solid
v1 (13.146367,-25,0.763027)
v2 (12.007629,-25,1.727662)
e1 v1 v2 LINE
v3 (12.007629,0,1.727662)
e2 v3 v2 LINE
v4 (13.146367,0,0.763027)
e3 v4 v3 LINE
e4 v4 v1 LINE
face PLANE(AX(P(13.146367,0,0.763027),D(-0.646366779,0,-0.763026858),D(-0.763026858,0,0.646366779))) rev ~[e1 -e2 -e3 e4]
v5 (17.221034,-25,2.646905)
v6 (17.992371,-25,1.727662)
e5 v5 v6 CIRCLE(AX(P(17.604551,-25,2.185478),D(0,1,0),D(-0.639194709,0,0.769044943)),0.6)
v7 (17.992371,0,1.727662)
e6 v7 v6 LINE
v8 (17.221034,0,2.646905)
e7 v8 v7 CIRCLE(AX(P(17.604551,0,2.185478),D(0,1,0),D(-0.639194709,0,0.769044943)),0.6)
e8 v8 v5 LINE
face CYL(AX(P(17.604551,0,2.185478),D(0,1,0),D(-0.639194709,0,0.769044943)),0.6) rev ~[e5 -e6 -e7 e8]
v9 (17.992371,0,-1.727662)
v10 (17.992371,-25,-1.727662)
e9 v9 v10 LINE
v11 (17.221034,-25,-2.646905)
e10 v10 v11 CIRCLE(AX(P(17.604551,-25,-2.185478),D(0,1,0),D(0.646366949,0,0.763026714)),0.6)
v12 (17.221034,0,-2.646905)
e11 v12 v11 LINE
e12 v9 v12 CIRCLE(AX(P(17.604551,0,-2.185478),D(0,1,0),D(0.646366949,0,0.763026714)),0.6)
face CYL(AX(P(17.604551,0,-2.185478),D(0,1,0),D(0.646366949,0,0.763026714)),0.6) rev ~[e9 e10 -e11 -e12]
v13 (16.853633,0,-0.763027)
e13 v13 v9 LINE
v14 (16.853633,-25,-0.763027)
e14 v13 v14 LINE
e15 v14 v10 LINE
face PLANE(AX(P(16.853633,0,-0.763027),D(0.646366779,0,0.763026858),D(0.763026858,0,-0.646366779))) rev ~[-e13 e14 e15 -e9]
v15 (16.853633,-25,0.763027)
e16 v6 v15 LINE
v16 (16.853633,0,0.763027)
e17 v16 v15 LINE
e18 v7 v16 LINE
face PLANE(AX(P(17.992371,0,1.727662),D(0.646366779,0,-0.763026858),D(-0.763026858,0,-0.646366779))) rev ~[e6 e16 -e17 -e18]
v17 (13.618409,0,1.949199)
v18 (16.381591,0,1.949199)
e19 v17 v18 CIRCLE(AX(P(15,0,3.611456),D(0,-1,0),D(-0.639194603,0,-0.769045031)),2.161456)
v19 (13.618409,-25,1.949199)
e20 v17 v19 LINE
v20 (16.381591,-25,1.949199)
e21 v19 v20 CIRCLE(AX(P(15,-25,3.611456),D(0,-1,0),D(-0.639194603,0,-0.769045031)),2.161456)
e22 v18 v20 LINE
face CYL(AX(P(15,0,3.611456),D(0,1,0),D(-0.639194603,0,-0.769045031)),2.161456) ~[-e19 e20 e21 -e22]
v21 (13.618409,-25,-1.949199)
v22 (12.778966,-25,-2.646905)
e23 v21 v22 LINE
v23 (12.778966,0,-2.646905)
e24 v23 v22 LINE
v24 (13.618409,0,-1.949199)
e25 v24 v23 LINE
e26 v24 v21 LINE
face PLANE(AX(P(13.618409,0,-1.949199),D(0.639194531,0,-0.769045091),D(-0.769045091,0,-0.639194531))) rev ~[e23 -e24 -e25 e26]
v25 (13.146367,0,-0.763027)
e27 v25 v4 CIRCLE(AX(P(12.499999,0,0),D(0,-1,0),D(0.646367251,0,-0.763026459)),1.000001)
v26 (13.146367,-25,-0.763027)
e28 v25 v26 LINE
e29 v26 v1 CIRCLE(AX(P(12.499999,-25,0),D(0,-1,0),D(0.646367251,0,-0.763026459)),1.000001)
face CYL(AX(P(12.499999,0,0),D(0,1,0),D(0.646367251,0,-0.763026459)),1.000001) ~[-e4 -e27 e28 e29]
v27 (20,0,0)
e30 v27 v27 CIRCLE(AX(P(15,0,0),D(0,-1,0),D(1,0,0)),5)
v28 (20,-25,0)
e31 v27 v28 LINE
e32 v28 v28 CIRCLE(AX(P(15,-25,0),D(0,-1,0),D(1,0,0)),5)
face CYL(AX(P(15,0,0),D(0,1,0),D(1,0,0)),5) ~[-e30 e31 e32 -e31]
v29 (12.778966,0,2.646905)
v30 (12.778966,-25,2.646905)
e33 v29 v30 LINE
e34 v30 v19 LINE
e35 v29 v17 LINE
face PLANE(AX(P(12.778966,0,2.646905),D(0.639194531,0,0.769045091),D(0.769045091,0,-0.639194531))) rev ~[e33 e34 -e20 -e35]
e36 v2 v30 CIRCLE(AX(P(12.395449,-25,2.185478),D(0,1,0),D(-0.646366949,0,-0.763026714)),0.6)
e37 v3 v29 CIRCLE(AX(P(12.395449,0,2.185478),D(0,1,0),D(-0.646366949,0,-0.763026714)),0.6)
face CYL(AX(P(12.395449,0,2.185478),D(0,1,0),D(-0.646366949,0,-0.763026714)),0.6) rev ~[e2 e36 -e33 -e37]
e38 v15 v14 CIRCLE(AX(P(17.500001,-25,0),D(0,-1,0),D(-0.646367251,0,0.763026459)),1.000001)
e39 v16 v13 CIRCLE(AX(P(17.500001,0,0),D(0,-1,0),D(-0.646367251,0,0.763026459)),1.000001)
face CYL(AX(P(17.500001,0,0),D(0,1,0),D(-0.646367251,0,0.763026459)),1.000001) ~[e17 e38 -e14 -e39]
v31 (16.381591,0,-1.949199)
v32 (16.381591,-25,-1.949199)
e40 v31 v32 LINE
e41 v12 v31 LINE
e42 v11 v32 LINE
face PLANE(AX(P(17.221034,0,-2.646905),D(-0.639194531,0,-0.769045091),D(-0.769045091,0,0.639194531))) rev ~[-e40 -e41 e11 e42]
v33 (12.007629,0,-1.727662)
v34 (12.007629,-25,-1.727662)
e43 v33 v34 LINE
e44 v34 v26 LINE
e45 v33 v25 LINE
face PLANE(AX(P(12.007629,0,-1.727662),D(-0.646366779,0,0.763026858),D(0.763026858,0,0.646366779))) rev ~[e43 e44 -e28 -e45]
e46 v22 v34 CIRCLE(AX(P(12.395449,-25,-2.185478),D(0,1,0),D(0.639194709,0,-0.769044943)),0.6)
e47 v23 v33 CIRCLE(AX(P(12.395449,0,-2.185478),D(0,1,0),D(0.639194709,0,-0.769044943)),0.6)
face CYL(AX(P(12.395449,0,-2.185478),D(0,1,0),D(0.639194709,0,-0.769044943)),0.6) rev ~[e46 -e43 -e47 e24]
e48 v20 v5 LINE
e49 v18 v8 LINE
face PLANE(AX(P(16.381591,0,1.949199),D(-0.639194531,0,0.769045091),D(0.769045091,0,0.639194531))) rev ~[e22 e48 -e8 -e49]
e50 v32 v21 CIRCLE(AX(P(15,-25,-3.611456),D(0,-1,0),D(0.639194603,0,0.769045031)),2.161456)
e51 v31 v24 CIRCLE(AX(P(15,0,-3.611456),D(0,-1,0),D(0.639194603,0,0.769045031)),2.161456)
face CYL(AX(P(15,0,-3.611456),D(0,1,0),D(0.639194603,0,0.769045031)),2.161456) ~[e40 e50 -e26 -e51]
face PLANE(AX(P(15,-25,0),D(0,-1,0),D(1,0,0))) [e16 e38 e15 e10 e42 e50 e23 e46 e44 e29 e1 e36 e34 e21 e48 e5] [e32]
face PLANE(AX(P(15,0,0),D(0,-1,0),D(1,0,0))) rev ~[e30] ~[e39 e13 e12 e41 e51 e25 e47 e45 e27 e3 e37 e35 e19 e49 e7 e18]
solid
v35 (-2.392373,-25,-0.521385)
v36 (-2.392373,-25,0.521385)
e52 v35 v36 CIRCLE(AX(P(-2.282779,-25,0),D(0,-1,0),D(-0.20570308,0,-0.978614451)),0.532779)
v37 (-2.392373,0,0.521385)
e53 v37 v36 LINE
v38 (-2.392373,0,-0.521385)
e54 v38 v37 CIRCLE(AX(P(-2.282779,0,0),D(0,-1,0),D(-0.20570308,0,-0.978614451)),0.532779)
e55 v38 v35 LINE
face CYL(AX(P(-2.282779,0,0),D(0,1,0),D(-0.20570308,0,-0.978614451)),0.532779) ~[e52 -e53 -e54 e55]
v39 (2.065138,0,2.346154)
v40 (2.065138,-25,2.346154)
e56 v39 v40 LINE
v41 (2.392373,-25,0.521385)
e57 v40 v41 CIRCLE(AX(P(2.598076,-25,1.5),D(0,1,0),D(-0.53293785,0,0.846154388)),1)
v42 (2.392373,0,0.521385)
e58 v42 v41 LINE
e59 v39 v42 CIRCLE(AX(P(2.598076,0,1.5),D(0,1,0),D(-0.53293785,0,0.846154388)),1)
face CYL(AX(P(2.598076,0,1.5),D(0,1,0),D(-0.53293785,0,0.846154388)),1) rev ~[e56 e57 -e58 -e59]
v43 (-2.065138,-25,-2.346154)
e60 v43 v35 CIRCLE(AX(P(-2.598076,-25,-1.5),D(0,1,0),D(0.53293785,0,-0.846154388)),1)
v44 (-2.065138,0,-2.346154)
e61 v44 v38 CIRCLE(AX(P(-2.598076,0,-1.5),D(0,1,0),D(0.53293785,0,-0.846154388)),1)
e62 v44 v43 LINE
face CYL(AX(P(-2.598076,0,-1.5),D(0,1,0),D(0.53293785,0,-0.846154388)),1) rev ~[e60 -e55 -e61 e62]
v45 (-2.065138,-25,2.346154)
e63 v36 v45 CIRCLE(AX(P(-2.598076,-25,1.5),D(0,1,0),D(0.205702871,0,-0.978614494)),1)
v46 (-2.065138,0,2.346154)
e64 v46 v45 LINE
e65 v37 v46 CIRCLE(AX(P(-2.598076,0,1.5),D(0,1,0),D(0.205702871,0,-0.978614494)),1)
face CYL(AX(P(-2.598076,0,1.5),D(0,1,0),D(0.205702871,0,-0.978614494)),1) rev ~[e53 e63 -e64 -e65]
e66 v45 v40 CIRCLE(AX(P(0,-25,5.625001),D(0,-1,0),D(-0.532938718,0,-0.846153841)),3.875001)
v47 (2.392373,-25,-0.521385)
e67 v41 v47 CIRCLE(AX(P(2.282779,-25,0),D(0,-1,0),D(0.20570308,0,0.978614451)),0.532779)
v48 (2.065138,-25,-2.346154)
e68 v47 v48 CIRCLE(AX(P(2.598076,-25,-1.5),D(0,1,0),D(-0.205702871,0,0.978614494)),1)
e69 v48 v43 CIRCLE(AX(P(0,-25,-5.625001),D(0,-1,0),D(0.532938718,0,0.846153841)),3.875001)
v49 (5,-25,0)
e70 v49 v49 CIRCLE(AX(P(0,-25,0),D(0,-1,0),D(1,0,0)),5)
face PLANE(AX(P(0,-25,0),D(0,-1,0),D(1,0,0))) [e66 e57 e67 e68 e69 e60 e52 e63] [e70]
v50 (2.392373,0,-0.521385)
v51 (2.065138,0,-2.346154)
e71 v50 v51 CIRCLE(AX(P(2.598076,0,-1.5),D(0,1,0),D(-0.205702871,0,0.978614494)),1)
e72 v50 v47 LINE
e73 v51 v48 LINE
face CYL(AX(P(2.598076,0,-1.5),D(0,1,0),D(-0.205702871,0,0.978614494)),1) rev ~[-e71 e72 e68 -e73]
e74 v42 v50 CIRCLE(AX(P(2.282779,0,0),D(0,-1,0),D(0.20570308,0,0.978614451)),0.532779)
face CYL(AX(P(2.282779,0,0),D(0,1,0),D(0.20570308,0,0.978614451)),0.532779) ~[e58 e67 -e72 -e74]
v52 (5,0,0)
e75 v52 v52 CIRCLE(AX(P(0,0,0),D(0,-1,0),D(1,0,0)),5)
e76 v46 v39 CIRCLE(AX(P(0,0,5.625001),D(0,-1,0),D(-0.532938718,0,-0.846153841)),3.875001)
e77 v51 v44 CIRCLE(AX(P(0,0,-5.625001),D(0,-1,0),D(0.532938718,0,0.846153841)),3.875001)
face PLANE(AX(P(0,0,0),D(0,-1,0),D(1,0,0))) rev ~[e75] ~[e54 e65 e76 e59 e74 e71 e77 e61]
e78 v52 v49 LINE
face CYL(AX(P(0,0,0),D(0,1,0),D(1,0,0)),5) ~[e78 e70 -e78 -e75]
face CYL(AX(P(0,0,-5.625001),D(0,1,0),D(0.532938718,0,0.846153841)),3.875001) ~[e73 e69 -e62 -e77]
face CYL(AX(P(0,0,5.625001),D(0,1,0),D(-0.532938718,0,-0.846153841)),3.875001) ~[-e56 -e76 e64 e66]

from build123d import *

# Parameters (mm, degrees)
F0_R     = 5
F1_DEPTH = 25


with BuildPart() as f1:
    # F0 (on Front) → F1 (new body)
    with BuildSketch(Plane.XZ):
        Circle(F0_R)
        with BuildLine():
            ThreePointArc((2.065138, 2.346154), (3.582374, 1.676514), (2.392373, 0.521385))
            ThreePointArc((2.392373, 0.521385), (1.75, 0), (2.392373, -0.521385))
            ThreePointArc((2.392373, -0.521385), (3.582374, -1.676514), (2.065138, -2.346154))
            ThreePointArc((2.065138, -2.346154), (0, -1.75), (-2.065138, -2.346154))
            ThreePointArc((-2.065138, -2.346154), (-3.582374, -1.676514), (-2.392373, -0.521385))
            ThreePointArc((-2.392373, -0.521385), (-1.75, 0), (-2.392373, 0.521385))
            ThreePointArc((-2.392373, 0.521385), (-3.582374, 1.676514), (-2.065138, 2.346154))
            ThreePointArc((-2.065138, 2.346154), (0, 1.75), (2.065138, 2.346154))
        make_face(mode=Mode.SUBTRACT)
        with Locations((15, 0)):
            Circle(F0_R)
        with BuildLine():
            Line((16.381591, 1.949199), (17.221034, 2.646905))
            ThreePointArc((17.221034, 2.646905), (18.064178, 2.57115), (17.992371, 1.727662))
            Line((17.992371, 1.727662), (16.853633, 0.763027))
            ThreePointArc((16.853633, 0.763027), (16.5, 0), (16.853633, -0.763027))
            Line((16.853633, -0.763027), (17.992371, -1.727662))
            ThreePointArc((17.992371, -1.727662), (18.064178, -2.57115), (17.221034, -2.646905))
            Line((17.221034, -2.646905), (16.381591, -1.949199))
            ThreePointArc((16.381591, -1.949199), (15, -1.45), (13.618409, -1.949199))
            Line((13.618409, -1.949199), (12.778966, -2.646905))
            ThreePointArc((12.778966, -2.646905), (11.935822, -2.57115), (12.007629, -1.727662))
            Line((12.007629, -1.727662), (13.146367, -0.763027))
            ThreePointArc((13.146367, -0.763027), (13.5, 0), (13.146367, 0.763027))
            Line((13.146367, 0.763027), (12.007629, 1.727662))
            ThreePointArc((12.007629, 1.727662), (11.935822, 2.57115), (12.778966, 2.646905))
            Line((12.778966, 2.646905), (13.618409, 1.949199))
            ThreePointArc((13.618409, 1.949199), (15, 1.45), (16.381591, 1.949199))
        make_face(mode=Mode.SUBTRACT)
    extrude(amount=F1_DEPTH)


solid = f1.part
